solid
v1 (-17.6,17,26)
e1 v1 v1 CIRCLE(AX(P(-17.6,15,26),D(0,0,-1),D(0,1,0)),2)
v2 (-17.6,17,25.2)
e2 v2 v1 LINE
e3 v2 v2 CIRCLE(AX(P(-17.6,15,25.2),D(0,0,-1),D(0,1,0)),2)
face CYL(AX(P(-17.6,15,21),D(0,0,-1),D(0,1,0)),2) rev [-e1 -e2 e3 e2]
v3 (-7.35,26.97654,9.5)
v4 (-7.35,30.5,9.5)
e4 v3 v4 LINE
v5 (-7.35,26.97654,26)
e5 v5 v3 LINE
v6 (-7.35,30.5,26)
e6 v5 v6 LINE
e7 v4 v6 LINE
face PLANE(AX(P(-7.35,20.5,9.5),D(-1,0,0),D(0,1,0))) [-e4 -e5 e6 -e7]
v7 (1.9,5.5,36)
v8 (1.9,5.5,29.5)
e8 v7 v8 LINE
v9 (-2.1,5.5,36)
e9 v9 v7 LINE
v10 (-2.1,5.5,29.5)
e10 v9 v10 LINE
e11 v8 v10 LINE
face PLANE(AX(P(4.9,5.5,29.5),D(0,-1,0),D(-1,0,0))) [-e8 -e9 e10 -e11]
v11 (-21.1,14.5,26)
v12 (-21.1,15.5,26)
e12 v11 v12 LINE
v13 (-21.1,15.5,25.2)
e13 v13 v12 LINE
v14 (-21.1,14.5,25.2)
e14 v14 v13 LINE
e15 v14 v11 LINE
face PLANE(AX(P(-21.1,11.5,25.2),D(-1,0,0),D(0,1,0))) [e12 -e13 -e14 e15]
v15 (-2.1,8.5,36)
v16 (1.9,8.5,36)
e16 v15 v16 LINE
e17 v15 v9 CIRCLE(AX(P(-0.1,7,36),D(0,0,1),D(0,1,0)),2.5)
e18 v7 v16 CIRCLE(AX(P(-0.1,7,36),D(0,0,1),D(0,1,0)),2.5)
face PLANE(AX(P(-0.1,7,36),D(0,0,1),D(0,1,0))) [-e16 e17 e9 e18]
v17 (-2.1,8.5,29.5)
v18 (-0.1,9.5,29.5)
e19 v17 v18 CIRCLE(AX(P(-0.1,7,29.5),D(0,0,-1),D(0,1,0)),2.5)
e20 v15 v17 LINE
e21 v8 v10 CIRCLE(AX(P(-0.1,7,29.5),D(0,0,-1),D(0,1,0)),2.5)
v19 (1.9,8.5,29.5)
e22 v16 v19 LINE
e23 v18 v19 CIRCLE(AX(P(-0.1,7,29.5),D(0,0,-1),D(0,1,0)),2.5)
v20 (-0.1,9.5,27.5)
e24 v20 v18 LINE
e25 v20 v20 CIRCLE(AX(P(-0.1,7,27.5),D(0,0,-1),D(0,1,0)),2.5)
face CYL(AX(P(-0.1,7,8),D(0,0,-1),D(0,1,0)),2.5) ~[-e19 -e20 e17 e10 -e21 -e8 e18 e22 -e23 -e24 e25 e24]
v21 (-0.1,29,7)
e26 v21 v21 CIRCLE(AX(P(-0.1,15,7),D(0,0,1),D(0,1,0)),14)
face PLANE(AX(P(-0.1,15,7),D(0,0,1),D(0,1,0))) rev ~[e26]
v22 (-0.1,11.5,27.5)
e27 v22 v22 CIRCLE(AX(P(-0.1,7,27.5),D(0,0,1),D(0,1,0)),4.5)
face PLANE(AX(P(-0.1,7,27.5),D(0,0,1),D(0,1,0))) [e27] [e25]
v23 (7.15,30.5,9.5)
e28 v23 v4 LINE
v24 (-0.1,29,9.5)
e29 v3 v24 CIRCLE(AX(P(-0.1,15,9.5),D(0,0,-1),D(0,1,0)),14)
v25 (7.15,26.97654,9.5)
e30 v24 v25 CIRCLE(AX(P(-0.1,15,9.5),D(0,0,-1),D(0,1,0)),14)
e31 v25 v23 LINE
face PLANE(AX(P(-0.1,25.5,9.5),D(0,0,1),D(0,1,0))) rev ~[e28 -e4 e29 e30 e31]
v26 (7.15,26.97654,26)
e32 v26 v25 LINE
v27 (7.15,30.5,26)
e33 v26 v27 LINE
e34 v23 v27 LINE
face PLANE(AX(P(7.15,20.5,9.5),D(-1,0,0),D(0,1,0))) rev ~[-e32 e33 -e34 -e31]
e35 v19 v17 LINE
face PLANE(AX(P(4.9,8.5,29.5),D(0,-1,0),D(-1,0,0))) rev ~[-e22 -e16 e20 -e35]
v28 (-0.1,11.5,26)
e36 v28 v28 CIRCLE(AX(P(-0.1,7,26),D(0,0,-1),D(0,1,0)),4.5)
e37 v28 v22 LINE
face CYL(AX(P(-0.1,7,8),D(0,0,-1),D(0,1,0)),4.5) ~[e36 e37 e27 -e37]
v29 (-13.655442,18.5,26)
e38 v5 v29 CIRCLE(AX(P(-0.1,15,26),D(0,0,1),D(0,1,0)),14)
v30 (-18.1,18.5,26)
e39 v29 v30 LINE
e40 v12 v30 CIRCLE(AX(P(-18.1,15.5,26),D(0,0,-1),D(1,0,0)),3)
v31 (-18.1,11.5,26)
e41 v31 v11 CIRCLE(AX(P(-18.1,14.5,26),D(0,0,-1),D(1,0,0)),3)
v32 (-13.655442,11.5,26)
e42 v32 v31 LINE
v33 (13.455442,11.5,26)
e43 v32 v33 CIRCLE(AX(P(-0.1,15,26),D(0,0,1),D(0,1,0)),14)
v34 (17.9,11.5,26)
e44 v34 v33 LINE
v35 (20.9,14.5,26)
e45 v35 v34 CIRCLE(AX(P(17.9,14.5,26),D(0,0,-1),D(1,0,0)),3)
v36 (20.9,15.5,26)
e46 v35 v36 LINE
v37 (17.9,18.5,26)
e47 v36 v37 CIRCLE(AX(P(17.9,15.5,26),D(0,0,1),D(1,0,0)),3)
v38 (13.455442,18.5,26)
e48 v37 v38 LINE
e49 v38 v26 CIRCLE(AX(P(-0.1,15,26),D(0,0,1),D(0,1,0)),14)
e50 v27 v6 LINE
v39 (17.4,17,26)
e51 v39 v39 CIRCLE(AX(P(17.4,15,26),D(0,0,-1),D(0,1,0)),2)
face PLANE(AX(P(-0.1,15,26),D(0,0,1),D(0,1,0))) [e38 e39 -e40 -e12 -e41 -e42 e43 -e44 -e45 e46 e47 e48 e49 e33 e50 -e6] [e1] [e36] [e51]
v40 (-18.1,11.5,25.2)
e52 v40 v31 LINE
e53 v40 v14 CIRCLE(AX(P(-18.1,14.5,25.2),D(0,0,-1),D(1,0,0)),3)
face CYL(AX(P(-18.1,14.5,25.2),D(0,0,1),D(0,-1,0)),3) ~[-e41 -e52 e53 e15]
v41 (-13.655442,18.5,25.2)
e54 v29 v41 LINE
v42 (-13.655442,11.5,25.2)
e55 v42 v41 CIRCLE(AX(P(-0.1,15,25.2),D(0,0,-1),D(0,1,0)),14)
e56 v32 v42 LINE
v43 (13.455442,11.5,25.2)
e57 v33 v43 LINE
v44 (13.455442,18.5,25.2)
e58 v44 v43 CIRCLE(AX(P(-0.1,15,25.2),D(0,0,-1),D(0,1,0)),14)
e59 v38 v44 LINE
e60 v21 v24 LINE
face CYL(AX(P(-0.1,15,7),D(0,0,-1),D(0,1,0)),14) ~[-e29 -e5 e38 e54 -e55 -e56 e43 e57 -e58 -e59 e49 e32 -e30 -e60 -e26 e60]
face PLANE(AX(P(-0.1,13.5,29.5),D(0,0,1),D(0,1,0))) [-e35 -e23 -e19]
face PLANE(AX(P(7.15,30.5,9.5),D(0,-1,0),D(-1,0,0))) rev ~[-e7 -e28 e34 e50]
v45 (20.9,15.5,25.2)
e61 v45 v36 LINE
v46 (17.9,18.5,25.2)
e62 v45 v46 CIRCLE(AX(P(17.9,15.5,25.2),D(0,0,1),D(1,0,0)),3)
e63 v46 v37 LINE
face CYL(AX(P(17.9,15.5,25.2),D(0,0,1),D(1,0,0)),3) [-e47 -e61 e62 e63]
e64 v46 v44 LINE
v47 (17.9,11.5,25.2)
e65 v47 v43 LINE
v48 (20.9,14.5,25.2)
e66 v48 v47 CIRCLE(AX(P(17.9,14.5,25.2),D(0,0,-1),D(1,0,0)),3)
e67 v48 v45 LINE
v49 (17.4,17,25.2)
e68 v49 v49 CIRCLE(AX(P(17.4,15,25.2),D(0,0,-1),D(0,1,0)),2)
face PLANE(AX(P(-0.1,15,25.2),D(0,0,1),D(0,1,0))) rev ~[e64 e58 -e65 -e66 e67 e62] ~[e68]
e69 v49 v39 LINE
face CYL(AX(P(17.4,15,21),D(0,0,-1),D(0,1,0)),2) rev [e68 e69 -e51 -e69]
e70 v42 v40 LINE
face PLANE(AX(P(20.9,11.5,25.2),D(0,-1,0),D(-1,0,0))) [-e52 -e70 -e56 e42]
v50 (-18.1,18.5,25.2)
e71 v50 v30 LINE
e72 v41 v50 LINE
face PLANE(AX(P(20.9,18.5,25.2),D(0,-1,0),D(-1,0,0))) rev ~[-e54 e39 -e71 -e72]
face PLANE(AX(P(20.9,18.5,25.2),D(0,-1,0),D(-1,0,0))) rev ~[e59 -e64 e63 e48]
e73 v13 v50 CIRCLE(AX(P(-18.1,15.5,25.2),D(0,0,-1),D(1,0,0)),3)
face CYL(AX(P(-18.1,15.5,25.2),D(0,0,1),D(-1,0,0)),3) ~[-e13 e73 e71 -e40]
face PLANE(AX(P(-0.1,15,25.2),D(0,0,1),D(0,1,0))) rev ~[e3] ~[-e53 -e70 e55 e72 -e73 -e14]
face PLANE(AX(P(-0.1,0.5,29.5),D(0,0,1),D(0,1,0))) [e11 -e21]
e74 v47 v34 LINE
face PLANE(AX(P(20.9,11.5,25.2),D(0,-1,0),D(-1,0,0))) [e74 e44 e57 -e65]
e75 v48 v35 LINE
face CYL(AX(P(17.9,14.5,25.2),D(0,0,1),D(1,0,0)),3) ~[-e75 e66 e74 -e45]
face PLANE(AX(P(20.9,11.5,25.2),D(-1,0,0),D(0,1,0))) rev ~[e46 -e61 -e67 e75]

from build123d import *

# Parameters (mm, degrees)
CYLINDER007_R             = 2
CYLINDER007_DEPTH         = 20
CYLINDER006_R             = 2
CYLINDER006_DEPTH         = 20
CYLINDER009_R             = 4.5
CYLINDER009_DEPTH         = 19.5
BOX005_W                  = 7
BOX005_H                  = 42
BOX005_DEPTH              = 0.8
FILLET004_R               = 3
FILLET005_R               = 3
FILLET006_R               = 3
FILLET007_R               = 3
BOX004_W                  = 10
BOX004_H                  = 14.5
BOX004_DEPTH              = 16.5
CYLINDER005_R             = 14
CYLINDER005_DEPTH         = 19
BOX006_W                  = 10
BOX006_H                  = 10
BOX006_DEPTH              = 10
BOX007_W                  = 10
BOX007_H                  = 10
BOX007_DEPTH              = 10
CYLINDER008_R             = 2.5
CYLINDER008_DEPTH         = 28
FUSION007_PLACEMENT_ANGLE = 90


with BuildPart() as cylinder007:
    # Cylinder007 → Cylinder007 (new body)
    with BuildSketch(Plane(origin=(0, -17.5, 14), x_dir=(1, 0, 0), z_dir=(0, 0, 1))):
        Circle(CYLINDER007_R)
    extrude(amount=CYLINDER007_DEPTH)


with BuildPart() as cylinder006:
    # Cylinder006 → Cylinder006 (new body)
    with BuildSketch(Plane(origin=(0, 17.5, 14), x_dir=(1, 0, 0), z_dir=(0, 0, 1))):
        Circle(CYLINDER006_R)
    extrude(amount=CYLINDER006_DEPTH)


with BuildPart() as shaft_boss001:
    # Cylinder009 → Cylinder009 (new body)
    with BuildSketch(Plane(origin=(-8, 0, 1), x_dir=(1, 0, 0), z_dir=(0, 0, 1))):
        Circle(CYLINDER009_R)
    extrude(amount=CYLINDER009_DEPTH)


with BuildPart() as fillet007:
    # Box005 → Box005 (new body)
    with BuildSketch(Plane(origin=(-3.5, -21, 18.2), x_dir=(1, 0, 0), z_dir=(0, 0, 1))):
        with Locations((3.5, 21)):
            Rectangle(BOX005_W, BOX005_H)
    extrude(amount=BOX005_DEPTH)

    # Fillet004
    fillet004_edges = [fillet007.edges().sort_by_distance(p)[0] for p in [
        (3.5, -21, 18.6),
    ]]
    fillet(fillet004_edges, radius=FILLET004_R)

    # Fillet005
    fillet005_edges = [fillet007.edges().sort_by_distance(p)[0] for p in [
        (-3.5, -21, 18.6),
    ]]
    fillet(fillet005_edges, radius=FILLET005_R)

    # Fillet006
    fillet006_edges = [fillet007.edges().sort_by_distance(p)[0] for p in [
        (-3.5, 21, 18.6),
    ]]
    fillet(fillet006_edges, radius=FILLET006_R)

    # Fillet007
    fillet007_edges = [fillet007.edges().sort_by_distance(p)[0] for p in [
        (3.5, 21, 18.6),
    ]]
    fillet(fillet007_edges, radius=FILLET007_R)


with BuildPart() as cube004:
    # Box004 → Box004 (new body)
    with BuildSketch(Plane(origin=(5.5, -7.25, 2.5), x_dir=(1, 0, 0), z_dir=(0, 0, 1))):
        with Locations((5, 7.25)):
            Rectangle(BOX004_W, BOX004_H)
    extrude(amount=BOX004_DEPTH)


with BuildPart() as motor_body001:
    # Cylinder005 → Cylinder005 (new body)
    with BuildSketch(Plane.XY):
        Circle(CYLINDER005_R)
    extrude(amount=CYLINDER005_DEPTH)

    # Fusion004: union Cube004
    add(cube004.part)

    # Fusion005: union Fillet007
    add(fillet007.part)

    # Fusion006: union shaft-boss001
    add(shaft_boss001.part)

    # Cut006: cut Cylinder006
    add(cylinder006.part, mode=Mode.SUBTRACT)

    # Cut007: cut Cylinder007
    add(cylinder007.part, mode=Mode.SUBTRACT)


with BuildPart() as cube006:
    # Box006 → Box006 (new body)
    with BuildSketch(Plane(origin=(-6.5, -5, 22.5), x_dir=(1, 0, 0), z_dir=(0, 0, 1))):
        with Locations((5, 5)):
            Rectangle(BOX006_W, BOX006_H)
    extrude(amount=BOX006_DEPTH)


with BuildPart() as cube007:
    # Box007 → Box007 (new body)
    with BuildSketch(Plane(origin=(-19.5, -5, 22.5), x_dir=(1, 0, 0), z_dir=(0, 0, 1))):
        with Locations((5, 5)):
            Rectangle(BOX007_W, BOX007_H)
    extrude(amount=BOX007_DEPTH)


with BuildPart() as f_28byj_48_motor001:
    # Cylinder008 → Cylinder008 (new body)
    with BuildSketch(Plane(origin=(-8, 0, 1), x_dir=(1, 0, 0), z_dir=(0, 0, 1))):
        Circle(CYLINDER008_R)
    extrude(amount=CYLINDER008_DEPTH)

    # Cut004: cut Cube007
    add(cube007.part, mode=Mode.SUBTRACT)

    # Cut005: cut Cube006
    add(cube006.part, mode=Mode.SUBTRACT)

    # Fusion007: union motor-body001
    add(motor_body001.part)


with BuildPart() as f_28byj_48_motor001_1:
    # Fusion007 placement: moved
    add(f_28byj_48_motor001.part.moved(Location((-0.1, 15, 7))).rotate(Axis((-0.1, 15, 7), (0, 0, 1)), FUSION007_PLACEMENT_ANGLE))


solid = f_28byj_48_motor001_1.part
